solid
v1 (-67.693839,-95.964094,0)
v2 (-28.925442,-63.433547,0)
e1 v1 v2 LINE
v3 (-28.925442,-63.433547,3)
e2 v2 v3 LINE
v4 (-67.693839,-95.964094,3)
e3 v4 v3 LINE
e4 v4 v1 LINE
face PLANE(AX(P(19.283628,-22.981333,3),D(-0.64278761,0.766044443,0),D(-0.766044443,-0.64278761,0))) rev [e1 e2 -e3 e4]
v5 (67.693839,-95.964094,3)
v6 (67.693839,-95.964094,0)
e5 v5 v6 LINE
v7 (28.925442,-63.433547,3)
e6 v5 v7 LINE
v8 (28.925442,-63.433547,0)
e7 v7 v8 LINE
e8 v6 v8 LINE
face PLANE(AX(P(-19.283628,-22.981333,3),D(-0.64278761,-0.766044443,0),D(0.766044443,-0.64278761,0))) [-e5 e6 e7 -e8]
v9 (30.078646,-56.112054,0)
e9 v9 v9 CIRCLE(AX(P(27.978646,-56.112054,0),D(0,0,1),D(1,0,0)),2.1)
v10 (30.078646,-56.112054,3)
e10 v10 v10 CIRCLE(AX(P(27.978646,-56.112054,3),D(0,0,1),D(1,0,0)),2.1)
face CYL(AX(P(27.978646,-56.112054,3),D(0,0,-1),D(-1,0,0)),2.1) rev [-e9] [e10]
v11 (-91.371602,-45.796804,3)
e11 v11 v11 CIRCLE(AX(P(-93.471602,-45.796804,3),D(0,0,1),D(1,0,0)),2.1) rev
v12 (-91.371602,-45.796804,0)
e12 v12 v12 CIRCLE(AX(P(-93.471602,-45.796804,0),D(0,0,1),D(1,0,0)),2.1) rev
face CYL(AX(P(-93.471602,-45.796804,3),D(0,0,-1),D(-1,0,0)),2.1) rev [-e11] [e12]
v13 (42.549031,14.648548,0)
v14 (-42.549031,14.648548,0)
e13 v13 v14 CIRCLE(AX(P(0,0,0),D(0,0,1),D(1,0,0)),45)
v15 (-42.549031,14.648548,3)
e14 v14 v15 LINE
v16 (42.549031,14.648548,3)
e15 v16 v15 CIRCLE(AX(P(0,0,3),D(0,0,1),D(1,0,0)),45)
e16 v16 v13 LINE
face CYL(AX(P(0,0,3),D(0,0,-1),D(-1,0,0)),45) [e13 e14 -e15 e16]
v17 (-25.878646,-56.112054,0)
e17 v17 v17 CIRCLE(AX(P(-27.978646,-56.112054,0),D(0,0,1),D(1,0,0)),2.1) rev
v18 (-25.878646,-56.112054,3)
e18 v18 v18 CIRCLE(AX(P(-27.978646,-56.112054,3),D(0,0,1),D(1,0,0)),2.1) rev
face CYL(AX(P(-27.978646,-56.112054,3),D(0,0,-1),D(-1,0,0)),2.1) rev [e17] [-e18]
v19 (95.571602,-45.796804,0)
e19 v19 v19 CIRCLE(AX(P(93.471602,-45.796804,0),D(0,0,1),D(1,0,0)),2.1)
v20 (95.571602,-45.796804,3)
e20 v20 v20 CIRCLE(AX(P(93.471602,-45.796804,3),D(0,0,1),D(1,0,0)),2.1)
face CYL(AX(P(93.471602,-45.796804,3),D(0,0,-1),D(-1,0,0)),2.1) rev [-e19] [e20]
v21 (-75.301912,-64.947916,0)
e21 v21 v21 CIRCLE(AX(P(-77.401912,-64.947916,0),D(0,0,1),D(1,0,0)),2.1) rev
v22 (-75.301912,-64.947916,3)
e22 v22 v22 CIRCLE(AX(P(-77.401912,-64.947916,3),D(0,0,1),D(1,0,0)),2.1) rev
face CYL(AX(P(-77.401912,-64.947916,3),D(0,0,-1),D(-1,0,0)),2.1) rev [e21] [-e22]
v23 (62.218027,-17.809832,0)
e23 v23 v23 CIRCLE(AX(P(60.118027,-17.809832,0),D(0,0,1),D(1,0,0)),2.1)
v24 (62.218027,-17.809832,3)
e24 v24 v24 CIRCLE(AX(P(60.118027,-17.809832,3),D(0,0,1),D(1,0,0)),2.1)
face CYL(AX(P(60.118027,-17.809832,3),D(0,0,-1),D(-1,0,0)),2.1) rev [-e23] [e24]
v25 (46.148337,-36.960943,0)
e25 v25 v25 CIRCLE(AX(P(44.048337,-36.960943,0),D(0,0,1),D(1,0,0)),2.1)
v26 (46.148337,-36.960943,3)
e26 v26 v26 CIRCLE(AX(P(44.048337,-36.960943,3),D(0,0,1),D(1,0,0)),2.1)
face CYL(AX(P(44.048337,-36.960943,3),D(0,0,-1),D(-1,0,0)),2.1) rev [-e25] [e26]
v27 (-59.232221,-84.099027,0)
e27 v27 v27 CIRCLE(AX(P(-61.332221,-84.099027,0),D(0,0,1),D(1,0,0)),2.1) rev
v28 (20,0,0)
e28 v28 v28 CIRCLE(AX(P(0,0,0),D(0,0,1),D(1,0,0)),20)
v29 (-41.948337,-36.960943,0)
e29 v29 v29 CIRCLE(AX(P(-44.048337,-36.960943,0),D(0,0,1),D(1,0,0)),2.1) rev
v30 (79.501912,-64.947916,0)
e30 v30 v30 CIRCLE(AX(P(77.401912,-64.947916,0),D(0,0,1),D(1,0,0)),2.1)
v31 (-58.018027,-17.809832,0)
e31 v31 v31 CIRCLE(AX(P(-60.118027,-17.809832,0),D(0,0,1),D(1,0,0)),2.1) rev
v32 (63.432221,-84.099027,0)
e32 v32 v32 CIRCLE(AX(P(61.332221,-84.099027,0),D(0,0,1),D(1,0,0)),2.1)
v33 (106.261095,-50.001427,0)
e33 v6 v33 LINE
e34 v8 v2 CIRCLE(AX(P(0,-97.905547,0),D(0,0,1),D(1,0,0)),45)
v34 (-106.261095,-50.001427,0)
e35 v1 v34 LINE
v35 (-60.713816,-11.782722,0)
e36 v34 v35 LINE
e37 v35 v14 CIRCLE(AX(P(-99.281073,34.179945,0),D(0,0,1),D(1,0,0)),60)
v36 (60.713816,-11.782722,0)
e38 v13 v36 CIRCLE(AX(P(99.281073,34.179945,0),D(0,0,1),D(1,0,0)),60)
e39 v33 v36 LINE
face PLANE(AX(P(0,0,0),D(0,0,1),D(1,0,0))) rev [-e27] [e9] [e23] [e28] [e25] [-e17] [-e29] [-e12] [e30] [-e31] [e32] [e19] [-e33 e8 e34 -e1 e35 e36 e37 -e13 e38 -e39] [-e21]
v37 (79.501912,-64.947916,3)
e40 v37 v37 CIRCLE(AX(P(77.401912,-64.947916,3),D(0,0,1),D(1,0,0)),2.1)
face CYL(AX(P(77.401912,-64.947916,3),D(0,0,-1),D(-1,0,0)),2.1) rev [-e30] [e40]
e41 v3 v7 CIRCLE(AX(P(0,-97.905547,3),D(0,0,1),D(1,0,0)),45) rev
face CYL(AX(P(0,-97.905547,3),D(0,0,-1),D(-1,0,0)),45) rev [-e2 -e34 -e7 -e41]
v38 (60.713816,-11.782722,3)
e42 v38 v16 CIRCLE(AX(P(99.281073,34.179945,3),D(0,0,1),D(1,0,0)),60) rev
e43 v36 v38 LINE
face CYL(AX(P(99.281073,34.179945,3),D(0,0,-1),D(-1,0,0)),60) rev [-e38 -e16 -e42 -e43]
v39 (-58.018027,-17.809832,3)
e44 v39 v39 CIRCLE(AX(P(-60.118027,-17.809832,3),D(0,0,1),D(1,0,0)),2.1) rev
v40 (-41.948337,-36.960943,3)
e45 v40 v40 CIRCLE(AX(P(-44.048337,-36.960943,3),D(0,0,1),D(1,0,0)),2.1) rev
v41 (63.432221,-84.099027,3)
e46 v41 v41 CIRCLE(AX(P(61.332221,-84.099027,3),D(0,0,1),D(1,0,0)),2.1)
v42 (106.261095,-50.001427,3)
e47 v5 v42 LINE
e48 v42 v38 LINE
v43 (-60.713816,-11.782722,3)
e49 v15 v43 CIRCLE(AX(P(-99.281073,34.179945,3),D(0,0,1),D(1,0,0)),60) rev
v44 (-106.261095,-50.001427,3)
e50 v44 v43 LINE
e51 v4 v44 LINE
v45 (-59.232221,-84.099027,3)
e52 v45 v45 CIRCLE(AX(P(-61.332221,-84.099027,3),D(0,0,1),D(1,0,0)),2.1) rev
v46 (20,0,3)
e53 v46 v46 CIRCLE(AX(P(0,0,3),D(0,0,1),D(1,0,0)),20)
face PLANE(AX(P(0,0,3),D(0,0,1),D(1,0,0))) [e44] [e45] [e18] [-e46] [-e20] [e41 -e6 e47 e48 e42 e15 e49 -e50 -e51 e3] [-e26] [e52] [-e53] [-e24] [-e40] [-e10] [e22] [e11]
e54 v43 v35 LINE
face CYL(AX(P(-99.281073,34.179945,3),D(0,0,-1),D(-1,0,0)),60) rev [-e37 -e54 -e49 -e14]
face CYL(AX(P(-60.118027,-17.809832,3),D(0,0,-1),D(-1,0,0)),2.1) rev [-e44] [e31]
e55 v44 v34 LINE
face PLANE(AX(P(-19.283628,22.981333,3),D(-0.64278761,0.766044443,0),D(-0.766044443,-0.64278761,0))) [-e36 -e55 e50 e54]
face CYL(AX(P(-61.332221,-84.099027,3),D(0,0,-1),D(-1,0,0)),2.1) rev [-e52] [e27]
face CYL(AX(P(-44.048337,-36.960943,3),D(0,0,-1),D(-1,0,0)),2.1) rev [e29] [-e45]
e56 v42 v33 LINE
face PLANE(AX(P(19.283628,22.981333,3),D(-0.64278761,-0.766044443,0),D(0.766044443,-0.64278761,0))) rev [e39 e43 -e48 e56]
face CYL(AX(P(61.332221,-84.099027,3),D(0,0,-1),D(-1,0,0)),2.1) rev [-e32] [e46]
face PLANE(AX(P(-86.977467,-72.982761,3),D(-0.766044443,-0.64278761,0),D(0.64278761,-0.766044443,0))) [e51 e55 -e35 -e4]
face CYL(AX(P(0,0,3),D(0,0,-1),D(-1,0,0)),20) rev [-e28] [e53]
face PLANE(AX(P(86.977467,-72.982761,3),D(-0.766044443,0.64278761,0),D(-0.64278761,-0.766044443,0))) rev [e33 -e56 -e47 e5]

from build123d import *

# Parameters (mm, degrees)
SKETCH1_R           = 2.1
SKETCH1_R_2         = 20
BOSS_EXTRUDE1_DEPTH = 3
FILLET1_R           = 60
FILLET3_R           = 45


with BuildPart() as part:
    # Sketch1 → Boss-Extrude1 (new body)
    with BuildSketch(Plane.XY):
        with BuildLine():
            Line((-106.261095469, -50.001427337), (-67.693838888, -95.964093924))
            Line((-67.693838888, -95.964093924), (0, -39.16221868))
            Line((0, -39.16221868), (67.693838888, -95.964093924))
            Line((67.693838888, -95.964093924), (106.261095469, -50.001427337))
            Line((106.261095469, -50.001427337), (44.97754002, 1.421581438))
            ThreePointArc((44.97754002, 1.421581438), (0, 45), (-44.97754002, 1.421581438))
            Line((-44.97754002, 1.421581438), (-106.261095469, -50.001427337))
        make_face()
        with Locations((-61.332221397, -84.099026587)):
            Circle(SKETCH1_R, mode=Mode.SUBTRACT)
        with Locations((-77.40191164, -64.947915509)):
            Circle(SKETCH1_R, mode=Mode.SUBTRACT)
        with Locations((-93.471601882, -45.796804431)):
            Circle(SKETCH1_R, mode=Mode.SUBTRACT)
        with Locations((-27.978646344, -56.112054061)):
            Circle(SKETCH1_R, mode=Mode.SUBTRACT)
        with Locations((-44.048336586, -36.960942983)):
            Circle(SKETCH1_R, mode=Mode.SUBTRACT)
        with Locations((-60.118026828, -17.809831905)):
            Circle(SKETCH1_R, mode=Mode.SUBTRACT)
        Circle(SKETCH1_R_2, mode=Mode.SUBTRACT)
        with Locations((60.118026828, -17.809831905)):
            Circle(SKETCH1_R, mode=Mode.SUBTRACT)
        with Locations((61.332221397, -84.099026587)):
            Circle(SKETCH1_R, mode=Mode.SUBTRACT)
        with Locations((77.40191164, -64.947915509)):
            Circle(SKETCH1_R, mode=Mode.SUBTRACT)
        with Locations((27.978646344, -56.112054061)):
            Circle(SKETCH1_R, mode=Mode.SUBTRACT)
        with Locations((44.048336586, -36.960942983)):
            Circle(SKETCH1_R, mode=Mode.SUBTRACT)
        with Locations((93.471601882, -45.796804431)):
            Circle(SKETCH1_R, mode=Mode.SUBTRACT)
    extrude(amount=BOSS_EXTRUDE1_DEPTH)

    # Fillet1
    fillet1_edges = [part.edges().sort_by_distance(p)[0] for p in [
        (44.97754002, 1.421581438, 1.5),
        (-44.97754002, 1.421581438, 1.5),
    ]]
    fillet(fillet1_edges, radius=FILLET1_R)

    # Fillet3
    fillet3_edges = [part.edges().sort_by_distance(p)[0] for p in [
        (0, -39.16221868, 1.5),
    ]]
    fillet(fillet3_edges, radius=FILLET3_R)


solid = part.part
